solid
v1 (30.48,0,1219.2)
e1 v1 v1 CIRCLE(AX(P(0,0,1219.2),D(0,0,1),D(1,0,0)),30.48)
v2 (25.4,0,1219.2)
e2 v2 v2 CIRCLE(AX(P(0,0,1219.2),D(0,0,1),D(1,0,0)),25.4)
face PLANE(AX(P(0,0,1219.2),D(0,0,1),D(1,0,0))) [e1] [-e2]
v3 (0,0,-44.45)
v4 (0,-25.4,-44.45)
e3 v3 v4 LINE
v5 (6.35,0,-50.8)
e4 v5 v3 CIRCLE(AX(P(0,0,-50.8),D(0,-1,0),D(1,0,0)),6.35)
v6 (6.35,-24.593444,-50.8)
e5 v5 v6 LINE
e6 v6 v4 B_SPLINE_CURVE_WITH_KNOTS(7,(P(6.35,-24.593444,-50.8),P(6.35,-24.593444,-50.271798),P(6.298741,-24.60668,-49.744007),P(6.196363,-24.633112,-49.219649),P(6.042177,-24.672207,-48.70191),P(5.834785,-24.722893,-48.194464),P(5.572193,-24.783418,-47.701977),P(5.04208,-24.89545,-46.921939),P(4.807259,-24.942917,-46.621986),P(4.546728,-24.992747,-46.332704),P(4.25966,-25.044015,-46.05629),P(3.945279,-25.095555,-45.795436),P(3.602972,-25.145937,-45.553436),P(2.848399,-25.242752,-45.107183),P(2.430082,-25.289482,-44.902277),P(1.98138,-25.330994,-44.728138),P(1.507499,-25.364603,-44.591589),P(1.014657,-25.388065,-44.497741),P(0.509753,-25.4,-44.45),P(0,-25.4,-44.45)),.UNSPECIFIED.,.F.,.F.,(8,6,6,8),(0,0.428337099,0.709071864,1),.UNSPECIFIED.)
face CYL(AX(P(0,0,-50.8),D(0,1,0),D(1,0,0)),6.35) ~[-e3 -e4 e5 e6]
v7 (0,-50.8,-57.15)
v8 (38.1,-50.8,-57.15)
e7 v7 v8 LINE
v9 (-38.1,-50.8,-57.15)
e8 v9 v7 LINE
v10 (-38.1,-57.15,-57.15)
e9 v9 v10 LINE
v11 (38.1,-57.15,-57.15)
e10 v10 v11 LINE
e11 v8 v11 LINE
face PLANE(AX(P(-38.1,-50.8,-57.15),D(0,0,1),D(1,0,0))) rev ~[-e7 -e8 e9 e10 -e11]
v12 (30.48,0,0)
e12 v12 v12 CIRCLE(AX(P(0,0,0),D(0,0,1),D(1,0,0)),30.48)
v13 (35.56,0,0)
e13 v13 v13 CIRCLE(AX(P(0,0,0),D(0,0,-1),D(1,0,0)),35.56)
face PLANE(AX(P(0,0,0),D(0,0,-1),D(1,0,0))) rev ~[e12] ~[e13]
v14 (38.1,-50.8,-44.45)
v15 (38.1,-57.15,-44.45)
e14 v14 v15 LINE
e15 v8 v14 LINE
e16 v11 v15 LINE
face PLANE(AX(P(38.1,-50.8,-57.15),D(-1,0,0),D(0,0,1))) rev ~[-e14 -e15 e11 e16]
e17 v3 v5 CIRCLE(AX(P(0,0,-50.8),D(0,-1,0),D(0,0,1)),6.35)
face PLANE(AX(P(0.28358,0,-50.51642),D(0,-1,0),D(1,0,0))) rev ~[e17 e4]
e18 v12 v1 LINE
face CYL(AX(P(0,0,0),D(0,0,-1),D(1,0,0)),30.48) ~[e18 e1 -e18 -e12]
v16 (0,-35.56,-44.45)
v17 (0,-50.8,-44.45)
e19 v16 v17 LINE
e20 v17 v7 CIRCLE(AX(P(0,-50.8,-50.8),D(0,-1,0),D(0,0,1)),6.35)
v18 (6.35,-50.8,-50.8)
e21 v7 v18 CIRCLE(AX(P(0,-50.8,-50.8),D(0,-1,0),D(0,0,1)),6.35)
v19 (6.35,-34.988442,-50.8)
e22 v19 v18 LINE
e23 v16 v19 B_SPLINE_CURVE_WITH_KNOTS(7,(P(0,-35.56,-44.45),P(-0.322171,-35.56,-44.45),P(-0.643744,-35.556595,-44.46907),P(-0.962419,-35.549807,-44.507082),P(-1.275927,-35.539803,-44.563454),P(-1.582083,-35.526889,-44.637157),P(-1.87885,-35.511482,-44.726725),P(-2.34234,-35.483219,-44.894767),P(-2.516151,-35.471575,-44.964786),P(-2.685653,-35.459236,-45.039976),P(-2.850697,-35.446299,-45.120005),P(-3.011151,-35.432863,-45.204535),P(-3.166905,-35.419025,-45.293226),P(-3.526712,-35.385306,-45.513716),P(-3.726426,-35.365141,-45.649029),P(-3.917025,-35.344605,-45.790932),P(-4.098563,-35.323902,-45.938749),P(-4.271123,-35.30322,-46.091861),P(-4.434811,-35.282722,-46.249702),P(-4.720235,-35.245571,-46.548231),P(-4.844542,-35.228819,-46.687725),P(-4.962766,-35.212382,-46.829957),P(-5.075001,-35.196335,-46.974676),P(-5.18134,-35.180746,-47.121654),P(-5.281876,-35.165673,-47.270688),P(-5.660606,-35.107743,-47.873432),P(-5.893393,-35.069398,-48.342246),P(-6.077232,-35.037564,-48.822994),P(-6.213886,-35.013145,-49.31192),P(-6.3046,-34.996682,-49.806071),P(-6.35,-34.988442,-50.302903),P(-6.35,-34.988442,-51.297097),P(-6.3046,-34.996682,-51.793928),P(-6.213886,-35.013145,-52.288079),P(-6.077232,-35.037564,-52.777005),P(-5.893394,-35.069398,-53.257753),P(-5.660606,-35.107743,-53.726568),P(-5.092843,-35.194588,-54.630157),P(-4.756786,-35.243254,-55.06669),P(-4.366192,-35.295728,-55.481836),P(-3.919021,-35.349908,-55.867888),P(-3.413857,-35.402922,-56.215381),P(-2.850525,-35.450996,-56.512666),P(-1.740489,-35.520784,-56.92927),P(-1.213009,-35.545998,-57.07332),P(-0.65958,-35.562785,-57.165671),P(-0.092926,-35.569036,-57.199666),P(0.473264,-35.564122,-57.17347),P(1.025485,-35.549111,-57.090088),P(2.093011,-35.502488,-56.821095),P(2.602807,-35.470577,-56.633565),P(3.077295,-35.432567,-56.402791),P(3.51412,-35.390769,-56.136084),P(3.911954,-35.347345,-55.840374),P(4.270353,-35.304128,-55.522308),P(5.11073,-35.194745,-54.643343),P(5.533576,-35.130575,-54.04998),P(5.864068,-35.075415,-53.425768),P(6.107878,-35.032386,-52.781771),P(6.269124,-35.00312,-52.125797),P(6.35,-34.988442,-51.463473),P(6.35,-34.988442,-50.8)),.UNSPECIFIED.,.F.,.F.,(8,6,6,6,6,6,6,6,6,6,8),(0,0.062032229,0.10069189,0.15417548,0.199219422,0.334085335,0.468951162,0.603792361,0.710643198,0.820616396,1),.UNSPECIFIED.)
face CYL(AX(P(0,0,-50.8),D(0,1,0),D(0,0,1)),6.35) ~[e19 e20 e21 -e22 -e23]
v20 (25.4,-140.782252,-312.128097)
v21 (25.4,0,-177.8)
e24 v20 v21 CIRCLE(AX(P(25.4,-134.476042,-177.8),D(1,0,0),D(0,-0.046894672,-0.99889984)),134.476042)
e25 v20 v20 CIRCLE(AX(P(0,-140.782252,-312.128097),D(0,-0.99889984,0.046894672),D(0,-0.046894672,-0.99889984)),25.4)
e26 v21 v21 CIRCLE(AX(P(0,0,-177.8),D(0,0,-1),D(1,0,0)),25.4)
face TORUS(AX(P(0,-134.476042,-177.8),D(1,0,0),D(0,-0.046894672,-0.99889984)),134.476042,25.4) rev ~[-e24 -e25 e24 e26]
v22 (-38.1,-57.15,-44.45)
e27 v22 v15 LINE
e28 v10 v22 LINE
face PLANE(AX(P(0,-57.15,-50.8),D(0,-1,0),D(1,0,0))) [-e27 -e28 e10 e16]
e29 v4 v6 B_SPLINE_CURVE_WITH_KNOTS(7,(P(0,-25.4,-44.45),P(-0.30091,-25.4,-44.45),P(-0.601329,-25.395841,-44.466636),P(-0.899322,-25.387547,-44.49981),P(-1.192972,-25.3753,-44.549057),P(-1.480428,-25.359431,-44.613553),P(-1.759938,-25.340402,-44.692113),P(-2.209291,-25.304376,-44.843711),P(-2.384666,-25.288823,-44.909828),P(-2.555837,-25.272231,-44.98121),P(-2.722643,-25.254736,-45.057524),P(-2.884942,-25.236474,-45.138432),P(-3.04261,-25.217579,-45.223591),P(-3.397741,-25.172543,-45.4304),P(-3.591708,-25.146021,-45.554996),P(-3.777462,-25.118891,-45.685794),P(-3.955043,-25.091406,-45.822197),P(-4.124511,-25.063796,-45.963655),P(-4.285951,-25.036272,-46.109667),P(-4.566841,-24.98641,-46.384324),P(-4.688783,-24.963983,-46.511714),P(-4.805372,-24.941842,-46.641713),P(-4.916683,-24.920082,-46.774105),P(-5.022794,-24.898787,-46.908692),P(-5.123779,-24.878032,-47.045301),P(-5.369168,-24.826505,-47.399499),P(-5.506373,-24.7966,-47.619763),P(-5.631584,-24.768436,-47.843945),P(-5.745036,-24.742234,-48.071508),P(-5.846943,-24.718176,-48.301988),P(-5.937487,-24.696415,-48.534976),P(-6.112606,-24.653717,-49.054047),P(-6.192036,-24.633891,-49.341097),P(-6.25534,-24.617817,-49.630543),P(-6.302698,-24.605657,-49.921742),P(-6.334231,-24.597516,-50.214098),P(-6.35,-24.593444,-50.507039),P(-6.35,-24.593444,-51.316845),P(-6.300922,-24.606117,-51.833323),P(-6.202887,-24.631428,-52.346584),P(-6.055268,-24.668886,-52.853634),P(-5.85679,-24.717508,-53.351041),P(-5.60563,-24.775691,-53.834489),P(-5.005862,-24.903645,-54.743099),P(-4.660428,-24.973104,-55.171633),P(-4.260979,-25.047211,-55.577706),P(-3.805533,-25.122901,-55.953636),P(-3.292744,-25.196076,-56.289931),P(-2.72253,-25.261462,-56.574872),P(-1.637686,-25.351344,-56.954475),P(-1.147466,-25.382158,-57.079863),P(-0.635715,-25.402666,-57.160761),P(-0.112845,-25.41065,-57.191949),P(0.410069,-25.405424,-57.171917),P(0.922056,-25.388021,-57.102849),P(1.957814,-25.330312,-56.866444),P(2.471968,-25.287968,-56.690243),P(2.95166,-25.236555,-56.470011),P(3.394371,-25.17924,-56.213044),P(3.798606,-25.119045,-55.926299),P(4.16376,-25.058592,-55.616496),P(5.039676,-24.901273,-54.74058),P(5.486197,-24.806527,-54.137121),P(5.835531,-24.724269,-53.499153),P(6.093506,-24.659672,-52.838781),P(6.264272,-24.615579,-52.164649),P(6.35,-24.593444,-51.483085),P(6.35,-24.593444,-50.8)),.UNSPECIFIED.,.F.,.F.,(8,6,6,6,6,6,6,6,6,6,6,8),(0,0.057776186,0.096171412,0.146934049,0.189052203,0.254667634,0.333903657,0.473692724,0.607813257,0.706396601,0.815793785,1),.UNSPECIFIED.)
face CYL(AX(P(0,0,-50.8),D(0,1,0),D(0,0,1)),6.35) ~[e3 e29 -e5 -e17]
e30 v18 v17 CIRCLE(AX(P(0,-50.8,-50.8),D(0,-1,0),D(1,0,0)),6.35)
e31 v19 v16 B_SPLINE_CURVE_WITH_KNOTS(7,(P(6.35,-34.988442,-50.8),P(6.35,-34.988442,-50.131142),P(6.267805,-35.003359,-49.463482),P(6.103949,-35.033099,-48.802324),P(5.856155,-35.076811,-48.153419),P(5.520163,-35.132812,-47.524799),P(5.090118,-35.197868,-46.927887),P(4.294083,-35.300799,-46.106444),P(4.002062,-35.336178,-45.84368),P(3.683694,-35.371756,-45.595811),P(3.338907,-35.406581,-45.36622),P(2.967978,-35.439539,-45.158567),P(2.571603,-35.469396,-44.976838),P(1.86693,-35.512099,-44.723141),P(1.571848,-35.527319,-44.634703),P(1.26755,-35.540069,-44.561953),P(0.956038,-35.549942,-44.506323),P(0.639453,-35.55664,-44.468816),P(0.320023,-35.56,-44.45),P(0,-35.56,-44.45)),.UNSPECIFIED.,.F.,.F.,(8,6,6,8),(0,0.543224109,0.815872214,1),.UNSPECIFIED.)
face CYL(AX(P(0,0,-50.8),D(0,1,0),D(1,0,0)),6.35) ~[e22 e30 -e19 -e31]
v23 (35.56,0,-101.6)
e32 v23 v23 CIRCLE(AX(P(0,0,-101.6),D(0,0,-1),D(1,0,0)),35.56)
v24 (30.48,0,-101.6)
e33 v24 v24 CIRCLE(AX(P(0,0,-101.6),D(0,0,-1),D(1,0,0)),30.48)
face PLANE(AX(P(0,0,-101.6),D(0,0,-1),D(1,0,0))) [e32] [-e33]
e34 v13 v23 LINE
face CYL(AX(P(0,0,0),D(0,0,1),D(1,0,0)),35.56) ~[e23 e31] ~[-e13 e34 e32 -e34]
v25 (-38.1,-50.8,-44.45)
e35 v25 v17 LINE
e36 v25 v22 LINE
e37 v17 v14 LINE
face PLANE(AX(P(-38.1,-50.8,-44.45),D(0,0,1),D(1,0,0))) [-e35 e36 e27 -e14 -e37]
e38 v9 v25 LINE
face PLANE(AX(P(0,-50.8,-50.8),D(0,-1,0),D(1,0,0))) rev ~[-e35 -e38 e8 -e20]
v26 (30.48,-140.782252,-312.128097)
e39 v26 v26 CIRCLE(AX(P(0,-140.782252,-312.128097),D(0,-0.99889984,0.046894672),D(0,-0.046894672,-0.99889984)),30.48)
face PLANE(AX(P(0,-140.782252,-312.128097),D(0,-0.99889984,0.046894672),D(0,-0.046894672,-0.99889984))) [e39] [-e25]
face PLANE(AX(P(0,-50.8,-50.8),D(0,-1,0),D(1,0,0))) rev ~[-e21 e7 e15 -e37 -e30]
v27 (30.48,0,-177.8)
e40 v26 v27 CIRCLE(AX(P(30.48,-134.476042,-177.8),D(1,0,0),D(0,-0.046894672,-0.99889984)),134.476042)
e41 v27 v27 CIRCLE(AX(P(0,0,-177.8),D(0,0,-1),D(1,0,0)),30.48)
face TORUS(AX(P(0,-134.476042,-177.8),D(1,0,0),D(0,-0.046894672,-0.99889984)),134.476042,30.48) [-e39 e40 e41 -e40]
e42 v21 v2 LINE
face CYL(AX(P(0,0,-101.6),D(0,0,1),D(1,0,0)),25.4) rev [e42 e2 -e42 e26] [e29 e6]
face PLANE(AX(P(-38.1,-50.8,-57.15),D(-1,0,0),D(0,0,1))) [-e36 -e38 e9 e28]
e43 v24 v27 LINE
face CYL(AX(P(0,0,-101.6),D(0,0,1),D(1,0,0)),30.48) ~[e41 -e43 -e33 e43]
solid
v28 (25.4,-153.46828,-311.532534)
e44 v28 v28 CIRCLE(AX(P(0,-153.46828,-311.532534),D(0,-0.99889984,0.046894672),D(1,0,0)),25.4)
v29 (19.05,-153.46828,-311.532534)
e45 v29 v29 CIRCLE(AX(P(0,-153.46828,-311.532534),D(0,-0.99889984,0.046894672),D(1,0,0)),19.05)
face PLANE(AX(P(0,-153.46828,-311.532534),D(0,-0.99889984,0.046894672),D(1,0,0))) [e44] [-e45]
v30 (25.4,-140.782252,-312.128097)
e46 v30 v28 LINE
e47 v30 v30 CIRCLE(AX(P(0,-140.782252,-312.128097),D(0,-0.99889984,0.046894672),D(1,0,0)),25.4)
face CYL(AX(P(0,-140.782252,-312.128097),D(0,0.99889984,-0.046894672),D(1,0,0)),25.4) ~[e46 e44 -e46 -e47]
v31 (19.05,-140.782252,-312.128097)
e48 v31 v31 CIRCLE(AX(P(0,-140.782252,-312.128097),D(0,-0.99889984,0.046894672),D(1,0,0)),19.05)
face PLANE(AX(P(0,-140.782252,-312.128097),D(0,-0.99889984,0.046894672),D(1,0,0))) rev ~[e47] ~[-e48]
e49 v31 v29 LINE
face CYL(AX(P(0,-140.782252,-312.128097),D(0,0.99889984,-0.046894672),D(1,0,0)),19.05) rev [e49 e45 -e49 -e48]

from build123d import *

# Parameters (mm, degrees)
F0_R        = 30.48
F0_R_2      = 25.4
F1_DEPTH    = 1219.2
F2_R        = 35.56
F2_R_2      = 25.4
F3_DEPTH    = 101.6
F5_DEPTH    = 50.8
F6_W        = 76.2
F6_H        = 12.7
F7_DEPTH    = 6.35
F8_R        = 30.48
F8_R_2      = 25.4
F9_DEPTH    = 76.2
F9_FACE_R   = 30.48
F9_FACE_R_2 = 25.4
F12_R       = 25.4
F12_R_2     = 19.05
F13_DEPTH   = 12.7


with BuildPart() as f1:
    # F0 (on Top) → F1 (new body)
    with BuildSketch(Plane.XY):
        Circle(F0_R)
        Circle(F0_R_2, mode=Mode.SUBTRACT)
    extrude(amount=F1_DEPTH)

    # F2 (on face) → F3 (join)
    with BuildSketch(Plane(origin=(0, 0, 0), x_dir=(1, 0, 0), z_dir=(0, 0, -1))):
        Circle(F2_R)
        Circle(F2_R_2, mode=Mode.SUBTRACT)
    extrude(amount=F3_DEPTH)

    # F4 (on Front) → F5 (join)
    with BuildSketch(Plane.XZ):
        with BuildLine():
            ThreePointArc((0, -44.45), (-4.4901280605, -55.2901280605), (6.35, -50.8))
            ThreePointArc((6.35, -50.8), (4.4901280605, -46.3098719395), (0, -44.45))
        make_face()
    extrude(amount=F5_DEPTH)

    # F6 (on face) → F7 (join)
    with BuildSketch(Plane.XZ.offset(50.8)):
        with Locations((0, -50.8)):
            Rectangle(F6_W, F6_H)
    extrude(amount=F7_DEPTH)

    # F8 (on face) → F9 (join)
    with BuildSketch(Plane(origin=(0, 0, -101.6), x_dir=(1, 0, 0), z_dir=(0, 0, -1))):
        Circle(F8_R)
        Circle(F8_R_2, mode=Mode.SUBTRACT)
    extrude(amount=F9_DEPTH)

    # F11: sweep along a path in F10
    with BuildLine(Plane.YZ) as f11_path:
        ThreePointArc((-140.7822519541, -312.1280968189), (-41.6434730439, -275.0929597405), (0, -177.8))
    # F9_face (on face) → F11 (sweep)
    with BuildSketch(Plane(origin=(0, 0, -177.8), x_dir=(1, 0, 0), z_dir=(0, 0, -1))):
        Circle(F9_FACE_R)
        Circle(F9_FACE_R_2, mode=Mode.SUBTRACT)
    sweep(path=f11_path.line)


with BuildPart() as f13:
    # F12 (on face) → F13 (new body)
    with BuildSketch(Plane(origin=(0, -125.85161463, 5.9082702769), x_dir=(1, 0, 0), z_dir=(0, -0.9988998397, 0.0468946723))):
        with Locations((0, -318.3866434485)):
            Circle(F12_R)
        with Locations((0, -318.3866434485)):
            Circle(F12_R_2, mode=Mode.SUBTRACT)
    extrude(amount=F13_DEPTH)


solid = Compound([f1.part, f13.part])
